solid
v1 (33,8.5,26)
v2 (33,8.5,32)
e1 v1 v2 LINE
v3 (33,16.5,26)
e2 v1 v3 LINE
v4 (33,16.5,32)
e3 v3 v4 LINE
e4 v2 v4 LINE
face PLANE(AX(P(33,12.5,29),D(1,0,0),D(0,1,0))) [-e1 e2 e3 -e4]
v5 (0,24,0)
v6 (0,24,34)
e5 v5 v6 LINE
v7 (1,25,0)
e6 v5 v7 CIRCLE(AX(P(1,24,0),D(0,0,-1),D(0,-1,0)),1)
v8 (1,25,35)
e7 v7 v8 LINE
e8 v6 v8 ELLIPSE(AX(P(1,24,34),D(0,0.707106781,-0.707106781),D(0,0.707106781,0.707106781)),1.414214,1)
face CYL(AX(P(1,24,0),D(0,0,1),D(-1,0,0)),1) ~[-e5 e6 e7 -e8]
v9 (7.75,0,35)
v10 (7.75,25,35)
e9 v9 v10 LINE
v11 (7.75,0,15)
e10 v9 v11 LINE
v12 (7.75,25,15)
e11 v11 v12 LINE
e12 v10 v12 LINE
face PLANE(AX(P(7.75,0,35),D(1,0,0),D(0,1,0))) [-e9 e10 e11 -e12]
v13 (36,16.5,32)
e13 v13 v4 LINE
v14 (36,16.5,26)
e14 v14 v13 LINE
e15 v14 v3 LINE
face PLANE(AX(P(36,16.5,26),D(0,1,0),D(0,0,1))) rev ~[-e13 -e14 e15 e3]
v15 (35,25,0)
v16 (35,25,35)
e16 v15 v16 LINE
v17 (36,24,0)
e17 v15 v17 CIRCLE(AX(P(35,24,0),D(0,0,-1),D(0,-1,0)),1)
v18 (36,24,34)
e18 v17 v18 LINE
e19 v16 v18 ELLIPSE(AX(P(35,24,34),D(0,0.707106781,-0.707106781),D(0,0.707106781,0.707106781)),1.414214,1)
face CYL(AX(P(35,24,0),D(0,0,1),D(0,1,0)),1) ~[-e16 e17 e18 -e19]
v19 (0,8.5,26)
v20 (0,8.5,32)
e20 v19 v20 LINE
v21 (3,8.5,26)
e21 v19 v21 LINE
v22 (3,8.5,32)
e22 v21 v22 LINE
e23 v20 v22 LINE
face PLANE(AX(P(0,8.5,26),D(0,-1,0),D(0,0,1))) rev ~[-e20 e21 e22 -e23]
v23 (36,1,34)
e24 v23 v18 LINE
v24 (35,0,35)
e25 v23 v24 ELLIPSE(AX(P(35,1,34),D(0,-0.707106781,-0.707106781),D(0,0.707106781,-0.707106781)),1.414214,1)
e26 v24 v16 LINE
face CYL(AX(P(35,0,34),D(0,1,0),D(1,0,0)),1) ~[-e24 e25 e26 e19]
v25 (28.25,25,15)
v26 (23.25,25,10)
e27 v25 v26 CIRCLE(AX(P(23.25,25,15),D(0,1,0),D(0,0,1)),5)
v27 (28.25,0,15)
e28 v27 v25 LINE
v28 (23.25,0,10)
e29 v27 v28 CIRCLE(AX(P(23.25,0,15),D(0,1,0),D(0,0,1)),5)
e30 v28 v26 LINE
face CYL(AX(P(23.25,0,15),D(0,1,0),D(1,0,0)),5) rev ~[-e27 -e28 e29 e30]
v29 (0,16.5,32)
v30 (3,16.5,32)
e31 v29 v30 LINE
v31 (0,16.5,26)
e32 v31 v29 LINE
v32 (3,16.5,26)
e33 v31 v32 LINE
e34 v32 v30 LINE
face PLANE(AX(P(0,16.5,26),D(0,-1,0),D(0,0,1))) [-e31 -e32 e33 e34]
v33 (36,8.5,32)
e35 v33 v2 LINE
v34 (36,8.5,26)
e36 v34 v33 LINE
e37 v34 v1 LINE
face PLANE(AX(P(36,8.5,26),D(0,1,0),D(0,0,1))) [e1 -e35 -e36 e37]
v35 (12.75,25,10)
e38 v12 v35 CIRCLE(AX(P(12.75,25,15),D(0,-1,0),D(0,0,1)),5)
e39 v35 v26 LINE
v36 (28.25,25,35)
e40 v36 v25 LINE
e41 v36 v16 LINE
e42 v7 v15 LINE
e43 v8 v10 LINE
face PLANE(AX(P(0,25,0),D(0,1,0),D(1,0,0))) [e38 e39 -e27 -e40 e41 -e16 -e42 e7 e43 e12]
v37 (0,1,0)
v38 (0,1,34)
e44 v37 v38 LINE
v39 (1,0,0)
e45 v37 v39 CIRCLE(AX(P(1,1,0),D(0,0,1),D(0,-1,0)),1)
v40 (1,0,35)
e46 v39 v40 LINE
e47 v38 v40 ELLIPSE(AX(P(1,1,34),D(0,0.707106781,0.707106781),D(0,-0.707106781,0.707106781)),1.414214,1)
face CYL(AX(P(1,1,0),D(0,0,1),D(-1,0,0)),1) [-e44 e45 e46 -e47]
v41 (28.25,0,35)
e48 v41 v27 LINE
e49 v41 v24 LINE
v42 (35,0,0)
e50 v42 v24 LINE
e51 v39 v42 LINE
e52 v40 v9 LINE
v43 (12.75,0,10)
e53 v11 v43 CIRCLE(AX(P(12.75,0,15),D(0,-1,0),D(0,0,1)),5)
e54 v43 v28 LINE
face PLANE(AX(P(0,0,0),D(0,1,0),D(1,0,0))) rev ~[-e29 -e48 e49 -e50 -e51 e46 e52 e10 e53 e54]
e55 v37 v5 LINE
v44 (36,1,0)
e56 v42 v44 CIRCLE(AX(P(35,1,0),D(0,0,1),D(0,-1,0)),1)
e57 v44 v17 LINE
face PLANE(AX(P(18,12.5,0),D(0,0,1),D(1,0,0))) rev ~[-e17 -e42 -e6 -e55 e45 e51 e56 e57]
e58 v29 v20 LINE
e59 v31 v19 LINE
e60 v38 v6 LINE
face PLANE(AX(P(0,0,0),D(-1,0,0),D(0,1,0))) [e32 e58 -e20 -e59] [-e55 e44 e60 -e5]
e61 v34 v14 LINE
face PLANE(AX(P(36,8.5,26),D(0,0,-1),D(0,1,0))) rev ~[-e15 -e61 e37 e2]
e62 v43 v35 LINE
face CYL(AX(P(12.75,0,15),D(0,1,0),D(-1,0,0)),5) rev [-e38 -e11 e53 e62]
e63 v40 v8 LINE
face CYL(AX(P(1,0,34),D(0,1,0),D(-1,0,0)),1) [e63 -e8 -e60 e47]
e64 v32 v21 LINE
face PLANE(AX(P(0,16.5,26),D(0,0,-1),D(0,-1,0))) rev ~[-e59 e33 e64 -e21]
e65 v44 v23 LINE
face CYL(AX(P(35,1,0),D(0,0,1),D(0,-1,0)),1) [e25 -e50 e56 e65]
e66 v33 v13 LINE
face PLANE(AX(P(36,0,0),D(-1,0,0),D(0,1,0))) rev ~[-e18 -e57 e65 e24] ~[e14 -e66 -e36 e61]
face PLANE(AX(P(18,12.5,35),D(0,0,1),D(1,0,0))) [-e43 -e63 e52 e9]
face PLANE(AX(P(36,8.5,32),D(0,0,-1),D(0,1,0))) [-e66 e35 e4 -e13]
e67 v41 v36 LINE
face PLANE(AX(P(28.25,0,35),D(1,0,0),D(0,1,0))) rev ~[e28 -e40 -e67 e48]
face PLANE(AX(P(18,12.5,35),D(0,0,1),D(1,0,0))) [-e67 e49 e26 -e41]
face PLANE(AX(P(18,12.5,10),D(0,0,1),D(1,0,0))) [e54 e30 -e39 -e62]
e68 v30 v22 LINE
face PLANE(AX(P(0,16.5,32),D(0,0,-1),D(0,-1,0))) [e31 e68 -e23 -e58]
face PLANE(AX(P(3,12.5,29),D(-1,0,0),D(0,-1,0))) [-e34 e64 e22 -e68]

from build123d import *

# Parameters (mm, degrees)
F0_W     = 36
F0_H     = 25
F1_DEPTH = 35
F2_W     = 20.5
F2_H     = 25
F3_DEPTH = 25
F4_R     = 1
F5_R     = 5
F6_W     = 8
F6_H     = 6
F7_DEPTH = 3
F8_W     = 8
F8_H     = 6
F9_DEPTH = 3


with BuildPart() as f1:
    # F0 (on Top) → F1 (new body)
    with BuildSketch(Plane.XY):
        with Locations((18, 12.5)):
            Rectangle(F0_W, F0_H)
    extrude(amount=F1_DEPTH)

    # F2 (on face) → F3 (cut)
    with BuildSketch(Plane.XY.offset(35)):
        with Locations((18, 12.5)):
            Rectangle(F2_W, F2_H)
    extrude(amount=-F3_DEPTH, mode=Mode.SUBTRACT)

    # F4
    f4_edges = [f1.edges().sort_by_distance(p)[0] for p in [
        (0, 0, 17.5),
        (0, 12.5, 35),
        (0, 25, 17.5),
        (36, 25, 17.5),
        (36, 12.5, 35),
        (36, 0, 17.5),
    ]]
    fillet(f4_edges, radius=F4_R)

    # F5
    f5_edges = [f1.edges().sort_by_distance(p)[0] for p in [
        (7.75, 12.5, 10),
        (28.25, 12.5, 10),
    ]]
    fillet(f5_edges, radius=F5_R)

    # F6 (on face) → F7 (cut)
    with BuildSketch(Plane(origin=(0, 0, 0), x_dir=(0, -1, 0), z_dir=(-1, 0, 0))):
        with Locations((-12.5, 29)):
            Rectangle(F6_W, F6_H)
    extrude(amount=-F7_DEPTH, mode=Mode.SUBTRACT)

    # F8 (on face) → F9 (cut)
    with BuildSketch(Plane.YZ.offset(36)):
        with Locations((12.5, 29)):
            Rectangle(F8_W, F8_H)
    extrude(amount=-F9_DEPTH, mode=Mode.SUBTRACT)


solid = f1.part
